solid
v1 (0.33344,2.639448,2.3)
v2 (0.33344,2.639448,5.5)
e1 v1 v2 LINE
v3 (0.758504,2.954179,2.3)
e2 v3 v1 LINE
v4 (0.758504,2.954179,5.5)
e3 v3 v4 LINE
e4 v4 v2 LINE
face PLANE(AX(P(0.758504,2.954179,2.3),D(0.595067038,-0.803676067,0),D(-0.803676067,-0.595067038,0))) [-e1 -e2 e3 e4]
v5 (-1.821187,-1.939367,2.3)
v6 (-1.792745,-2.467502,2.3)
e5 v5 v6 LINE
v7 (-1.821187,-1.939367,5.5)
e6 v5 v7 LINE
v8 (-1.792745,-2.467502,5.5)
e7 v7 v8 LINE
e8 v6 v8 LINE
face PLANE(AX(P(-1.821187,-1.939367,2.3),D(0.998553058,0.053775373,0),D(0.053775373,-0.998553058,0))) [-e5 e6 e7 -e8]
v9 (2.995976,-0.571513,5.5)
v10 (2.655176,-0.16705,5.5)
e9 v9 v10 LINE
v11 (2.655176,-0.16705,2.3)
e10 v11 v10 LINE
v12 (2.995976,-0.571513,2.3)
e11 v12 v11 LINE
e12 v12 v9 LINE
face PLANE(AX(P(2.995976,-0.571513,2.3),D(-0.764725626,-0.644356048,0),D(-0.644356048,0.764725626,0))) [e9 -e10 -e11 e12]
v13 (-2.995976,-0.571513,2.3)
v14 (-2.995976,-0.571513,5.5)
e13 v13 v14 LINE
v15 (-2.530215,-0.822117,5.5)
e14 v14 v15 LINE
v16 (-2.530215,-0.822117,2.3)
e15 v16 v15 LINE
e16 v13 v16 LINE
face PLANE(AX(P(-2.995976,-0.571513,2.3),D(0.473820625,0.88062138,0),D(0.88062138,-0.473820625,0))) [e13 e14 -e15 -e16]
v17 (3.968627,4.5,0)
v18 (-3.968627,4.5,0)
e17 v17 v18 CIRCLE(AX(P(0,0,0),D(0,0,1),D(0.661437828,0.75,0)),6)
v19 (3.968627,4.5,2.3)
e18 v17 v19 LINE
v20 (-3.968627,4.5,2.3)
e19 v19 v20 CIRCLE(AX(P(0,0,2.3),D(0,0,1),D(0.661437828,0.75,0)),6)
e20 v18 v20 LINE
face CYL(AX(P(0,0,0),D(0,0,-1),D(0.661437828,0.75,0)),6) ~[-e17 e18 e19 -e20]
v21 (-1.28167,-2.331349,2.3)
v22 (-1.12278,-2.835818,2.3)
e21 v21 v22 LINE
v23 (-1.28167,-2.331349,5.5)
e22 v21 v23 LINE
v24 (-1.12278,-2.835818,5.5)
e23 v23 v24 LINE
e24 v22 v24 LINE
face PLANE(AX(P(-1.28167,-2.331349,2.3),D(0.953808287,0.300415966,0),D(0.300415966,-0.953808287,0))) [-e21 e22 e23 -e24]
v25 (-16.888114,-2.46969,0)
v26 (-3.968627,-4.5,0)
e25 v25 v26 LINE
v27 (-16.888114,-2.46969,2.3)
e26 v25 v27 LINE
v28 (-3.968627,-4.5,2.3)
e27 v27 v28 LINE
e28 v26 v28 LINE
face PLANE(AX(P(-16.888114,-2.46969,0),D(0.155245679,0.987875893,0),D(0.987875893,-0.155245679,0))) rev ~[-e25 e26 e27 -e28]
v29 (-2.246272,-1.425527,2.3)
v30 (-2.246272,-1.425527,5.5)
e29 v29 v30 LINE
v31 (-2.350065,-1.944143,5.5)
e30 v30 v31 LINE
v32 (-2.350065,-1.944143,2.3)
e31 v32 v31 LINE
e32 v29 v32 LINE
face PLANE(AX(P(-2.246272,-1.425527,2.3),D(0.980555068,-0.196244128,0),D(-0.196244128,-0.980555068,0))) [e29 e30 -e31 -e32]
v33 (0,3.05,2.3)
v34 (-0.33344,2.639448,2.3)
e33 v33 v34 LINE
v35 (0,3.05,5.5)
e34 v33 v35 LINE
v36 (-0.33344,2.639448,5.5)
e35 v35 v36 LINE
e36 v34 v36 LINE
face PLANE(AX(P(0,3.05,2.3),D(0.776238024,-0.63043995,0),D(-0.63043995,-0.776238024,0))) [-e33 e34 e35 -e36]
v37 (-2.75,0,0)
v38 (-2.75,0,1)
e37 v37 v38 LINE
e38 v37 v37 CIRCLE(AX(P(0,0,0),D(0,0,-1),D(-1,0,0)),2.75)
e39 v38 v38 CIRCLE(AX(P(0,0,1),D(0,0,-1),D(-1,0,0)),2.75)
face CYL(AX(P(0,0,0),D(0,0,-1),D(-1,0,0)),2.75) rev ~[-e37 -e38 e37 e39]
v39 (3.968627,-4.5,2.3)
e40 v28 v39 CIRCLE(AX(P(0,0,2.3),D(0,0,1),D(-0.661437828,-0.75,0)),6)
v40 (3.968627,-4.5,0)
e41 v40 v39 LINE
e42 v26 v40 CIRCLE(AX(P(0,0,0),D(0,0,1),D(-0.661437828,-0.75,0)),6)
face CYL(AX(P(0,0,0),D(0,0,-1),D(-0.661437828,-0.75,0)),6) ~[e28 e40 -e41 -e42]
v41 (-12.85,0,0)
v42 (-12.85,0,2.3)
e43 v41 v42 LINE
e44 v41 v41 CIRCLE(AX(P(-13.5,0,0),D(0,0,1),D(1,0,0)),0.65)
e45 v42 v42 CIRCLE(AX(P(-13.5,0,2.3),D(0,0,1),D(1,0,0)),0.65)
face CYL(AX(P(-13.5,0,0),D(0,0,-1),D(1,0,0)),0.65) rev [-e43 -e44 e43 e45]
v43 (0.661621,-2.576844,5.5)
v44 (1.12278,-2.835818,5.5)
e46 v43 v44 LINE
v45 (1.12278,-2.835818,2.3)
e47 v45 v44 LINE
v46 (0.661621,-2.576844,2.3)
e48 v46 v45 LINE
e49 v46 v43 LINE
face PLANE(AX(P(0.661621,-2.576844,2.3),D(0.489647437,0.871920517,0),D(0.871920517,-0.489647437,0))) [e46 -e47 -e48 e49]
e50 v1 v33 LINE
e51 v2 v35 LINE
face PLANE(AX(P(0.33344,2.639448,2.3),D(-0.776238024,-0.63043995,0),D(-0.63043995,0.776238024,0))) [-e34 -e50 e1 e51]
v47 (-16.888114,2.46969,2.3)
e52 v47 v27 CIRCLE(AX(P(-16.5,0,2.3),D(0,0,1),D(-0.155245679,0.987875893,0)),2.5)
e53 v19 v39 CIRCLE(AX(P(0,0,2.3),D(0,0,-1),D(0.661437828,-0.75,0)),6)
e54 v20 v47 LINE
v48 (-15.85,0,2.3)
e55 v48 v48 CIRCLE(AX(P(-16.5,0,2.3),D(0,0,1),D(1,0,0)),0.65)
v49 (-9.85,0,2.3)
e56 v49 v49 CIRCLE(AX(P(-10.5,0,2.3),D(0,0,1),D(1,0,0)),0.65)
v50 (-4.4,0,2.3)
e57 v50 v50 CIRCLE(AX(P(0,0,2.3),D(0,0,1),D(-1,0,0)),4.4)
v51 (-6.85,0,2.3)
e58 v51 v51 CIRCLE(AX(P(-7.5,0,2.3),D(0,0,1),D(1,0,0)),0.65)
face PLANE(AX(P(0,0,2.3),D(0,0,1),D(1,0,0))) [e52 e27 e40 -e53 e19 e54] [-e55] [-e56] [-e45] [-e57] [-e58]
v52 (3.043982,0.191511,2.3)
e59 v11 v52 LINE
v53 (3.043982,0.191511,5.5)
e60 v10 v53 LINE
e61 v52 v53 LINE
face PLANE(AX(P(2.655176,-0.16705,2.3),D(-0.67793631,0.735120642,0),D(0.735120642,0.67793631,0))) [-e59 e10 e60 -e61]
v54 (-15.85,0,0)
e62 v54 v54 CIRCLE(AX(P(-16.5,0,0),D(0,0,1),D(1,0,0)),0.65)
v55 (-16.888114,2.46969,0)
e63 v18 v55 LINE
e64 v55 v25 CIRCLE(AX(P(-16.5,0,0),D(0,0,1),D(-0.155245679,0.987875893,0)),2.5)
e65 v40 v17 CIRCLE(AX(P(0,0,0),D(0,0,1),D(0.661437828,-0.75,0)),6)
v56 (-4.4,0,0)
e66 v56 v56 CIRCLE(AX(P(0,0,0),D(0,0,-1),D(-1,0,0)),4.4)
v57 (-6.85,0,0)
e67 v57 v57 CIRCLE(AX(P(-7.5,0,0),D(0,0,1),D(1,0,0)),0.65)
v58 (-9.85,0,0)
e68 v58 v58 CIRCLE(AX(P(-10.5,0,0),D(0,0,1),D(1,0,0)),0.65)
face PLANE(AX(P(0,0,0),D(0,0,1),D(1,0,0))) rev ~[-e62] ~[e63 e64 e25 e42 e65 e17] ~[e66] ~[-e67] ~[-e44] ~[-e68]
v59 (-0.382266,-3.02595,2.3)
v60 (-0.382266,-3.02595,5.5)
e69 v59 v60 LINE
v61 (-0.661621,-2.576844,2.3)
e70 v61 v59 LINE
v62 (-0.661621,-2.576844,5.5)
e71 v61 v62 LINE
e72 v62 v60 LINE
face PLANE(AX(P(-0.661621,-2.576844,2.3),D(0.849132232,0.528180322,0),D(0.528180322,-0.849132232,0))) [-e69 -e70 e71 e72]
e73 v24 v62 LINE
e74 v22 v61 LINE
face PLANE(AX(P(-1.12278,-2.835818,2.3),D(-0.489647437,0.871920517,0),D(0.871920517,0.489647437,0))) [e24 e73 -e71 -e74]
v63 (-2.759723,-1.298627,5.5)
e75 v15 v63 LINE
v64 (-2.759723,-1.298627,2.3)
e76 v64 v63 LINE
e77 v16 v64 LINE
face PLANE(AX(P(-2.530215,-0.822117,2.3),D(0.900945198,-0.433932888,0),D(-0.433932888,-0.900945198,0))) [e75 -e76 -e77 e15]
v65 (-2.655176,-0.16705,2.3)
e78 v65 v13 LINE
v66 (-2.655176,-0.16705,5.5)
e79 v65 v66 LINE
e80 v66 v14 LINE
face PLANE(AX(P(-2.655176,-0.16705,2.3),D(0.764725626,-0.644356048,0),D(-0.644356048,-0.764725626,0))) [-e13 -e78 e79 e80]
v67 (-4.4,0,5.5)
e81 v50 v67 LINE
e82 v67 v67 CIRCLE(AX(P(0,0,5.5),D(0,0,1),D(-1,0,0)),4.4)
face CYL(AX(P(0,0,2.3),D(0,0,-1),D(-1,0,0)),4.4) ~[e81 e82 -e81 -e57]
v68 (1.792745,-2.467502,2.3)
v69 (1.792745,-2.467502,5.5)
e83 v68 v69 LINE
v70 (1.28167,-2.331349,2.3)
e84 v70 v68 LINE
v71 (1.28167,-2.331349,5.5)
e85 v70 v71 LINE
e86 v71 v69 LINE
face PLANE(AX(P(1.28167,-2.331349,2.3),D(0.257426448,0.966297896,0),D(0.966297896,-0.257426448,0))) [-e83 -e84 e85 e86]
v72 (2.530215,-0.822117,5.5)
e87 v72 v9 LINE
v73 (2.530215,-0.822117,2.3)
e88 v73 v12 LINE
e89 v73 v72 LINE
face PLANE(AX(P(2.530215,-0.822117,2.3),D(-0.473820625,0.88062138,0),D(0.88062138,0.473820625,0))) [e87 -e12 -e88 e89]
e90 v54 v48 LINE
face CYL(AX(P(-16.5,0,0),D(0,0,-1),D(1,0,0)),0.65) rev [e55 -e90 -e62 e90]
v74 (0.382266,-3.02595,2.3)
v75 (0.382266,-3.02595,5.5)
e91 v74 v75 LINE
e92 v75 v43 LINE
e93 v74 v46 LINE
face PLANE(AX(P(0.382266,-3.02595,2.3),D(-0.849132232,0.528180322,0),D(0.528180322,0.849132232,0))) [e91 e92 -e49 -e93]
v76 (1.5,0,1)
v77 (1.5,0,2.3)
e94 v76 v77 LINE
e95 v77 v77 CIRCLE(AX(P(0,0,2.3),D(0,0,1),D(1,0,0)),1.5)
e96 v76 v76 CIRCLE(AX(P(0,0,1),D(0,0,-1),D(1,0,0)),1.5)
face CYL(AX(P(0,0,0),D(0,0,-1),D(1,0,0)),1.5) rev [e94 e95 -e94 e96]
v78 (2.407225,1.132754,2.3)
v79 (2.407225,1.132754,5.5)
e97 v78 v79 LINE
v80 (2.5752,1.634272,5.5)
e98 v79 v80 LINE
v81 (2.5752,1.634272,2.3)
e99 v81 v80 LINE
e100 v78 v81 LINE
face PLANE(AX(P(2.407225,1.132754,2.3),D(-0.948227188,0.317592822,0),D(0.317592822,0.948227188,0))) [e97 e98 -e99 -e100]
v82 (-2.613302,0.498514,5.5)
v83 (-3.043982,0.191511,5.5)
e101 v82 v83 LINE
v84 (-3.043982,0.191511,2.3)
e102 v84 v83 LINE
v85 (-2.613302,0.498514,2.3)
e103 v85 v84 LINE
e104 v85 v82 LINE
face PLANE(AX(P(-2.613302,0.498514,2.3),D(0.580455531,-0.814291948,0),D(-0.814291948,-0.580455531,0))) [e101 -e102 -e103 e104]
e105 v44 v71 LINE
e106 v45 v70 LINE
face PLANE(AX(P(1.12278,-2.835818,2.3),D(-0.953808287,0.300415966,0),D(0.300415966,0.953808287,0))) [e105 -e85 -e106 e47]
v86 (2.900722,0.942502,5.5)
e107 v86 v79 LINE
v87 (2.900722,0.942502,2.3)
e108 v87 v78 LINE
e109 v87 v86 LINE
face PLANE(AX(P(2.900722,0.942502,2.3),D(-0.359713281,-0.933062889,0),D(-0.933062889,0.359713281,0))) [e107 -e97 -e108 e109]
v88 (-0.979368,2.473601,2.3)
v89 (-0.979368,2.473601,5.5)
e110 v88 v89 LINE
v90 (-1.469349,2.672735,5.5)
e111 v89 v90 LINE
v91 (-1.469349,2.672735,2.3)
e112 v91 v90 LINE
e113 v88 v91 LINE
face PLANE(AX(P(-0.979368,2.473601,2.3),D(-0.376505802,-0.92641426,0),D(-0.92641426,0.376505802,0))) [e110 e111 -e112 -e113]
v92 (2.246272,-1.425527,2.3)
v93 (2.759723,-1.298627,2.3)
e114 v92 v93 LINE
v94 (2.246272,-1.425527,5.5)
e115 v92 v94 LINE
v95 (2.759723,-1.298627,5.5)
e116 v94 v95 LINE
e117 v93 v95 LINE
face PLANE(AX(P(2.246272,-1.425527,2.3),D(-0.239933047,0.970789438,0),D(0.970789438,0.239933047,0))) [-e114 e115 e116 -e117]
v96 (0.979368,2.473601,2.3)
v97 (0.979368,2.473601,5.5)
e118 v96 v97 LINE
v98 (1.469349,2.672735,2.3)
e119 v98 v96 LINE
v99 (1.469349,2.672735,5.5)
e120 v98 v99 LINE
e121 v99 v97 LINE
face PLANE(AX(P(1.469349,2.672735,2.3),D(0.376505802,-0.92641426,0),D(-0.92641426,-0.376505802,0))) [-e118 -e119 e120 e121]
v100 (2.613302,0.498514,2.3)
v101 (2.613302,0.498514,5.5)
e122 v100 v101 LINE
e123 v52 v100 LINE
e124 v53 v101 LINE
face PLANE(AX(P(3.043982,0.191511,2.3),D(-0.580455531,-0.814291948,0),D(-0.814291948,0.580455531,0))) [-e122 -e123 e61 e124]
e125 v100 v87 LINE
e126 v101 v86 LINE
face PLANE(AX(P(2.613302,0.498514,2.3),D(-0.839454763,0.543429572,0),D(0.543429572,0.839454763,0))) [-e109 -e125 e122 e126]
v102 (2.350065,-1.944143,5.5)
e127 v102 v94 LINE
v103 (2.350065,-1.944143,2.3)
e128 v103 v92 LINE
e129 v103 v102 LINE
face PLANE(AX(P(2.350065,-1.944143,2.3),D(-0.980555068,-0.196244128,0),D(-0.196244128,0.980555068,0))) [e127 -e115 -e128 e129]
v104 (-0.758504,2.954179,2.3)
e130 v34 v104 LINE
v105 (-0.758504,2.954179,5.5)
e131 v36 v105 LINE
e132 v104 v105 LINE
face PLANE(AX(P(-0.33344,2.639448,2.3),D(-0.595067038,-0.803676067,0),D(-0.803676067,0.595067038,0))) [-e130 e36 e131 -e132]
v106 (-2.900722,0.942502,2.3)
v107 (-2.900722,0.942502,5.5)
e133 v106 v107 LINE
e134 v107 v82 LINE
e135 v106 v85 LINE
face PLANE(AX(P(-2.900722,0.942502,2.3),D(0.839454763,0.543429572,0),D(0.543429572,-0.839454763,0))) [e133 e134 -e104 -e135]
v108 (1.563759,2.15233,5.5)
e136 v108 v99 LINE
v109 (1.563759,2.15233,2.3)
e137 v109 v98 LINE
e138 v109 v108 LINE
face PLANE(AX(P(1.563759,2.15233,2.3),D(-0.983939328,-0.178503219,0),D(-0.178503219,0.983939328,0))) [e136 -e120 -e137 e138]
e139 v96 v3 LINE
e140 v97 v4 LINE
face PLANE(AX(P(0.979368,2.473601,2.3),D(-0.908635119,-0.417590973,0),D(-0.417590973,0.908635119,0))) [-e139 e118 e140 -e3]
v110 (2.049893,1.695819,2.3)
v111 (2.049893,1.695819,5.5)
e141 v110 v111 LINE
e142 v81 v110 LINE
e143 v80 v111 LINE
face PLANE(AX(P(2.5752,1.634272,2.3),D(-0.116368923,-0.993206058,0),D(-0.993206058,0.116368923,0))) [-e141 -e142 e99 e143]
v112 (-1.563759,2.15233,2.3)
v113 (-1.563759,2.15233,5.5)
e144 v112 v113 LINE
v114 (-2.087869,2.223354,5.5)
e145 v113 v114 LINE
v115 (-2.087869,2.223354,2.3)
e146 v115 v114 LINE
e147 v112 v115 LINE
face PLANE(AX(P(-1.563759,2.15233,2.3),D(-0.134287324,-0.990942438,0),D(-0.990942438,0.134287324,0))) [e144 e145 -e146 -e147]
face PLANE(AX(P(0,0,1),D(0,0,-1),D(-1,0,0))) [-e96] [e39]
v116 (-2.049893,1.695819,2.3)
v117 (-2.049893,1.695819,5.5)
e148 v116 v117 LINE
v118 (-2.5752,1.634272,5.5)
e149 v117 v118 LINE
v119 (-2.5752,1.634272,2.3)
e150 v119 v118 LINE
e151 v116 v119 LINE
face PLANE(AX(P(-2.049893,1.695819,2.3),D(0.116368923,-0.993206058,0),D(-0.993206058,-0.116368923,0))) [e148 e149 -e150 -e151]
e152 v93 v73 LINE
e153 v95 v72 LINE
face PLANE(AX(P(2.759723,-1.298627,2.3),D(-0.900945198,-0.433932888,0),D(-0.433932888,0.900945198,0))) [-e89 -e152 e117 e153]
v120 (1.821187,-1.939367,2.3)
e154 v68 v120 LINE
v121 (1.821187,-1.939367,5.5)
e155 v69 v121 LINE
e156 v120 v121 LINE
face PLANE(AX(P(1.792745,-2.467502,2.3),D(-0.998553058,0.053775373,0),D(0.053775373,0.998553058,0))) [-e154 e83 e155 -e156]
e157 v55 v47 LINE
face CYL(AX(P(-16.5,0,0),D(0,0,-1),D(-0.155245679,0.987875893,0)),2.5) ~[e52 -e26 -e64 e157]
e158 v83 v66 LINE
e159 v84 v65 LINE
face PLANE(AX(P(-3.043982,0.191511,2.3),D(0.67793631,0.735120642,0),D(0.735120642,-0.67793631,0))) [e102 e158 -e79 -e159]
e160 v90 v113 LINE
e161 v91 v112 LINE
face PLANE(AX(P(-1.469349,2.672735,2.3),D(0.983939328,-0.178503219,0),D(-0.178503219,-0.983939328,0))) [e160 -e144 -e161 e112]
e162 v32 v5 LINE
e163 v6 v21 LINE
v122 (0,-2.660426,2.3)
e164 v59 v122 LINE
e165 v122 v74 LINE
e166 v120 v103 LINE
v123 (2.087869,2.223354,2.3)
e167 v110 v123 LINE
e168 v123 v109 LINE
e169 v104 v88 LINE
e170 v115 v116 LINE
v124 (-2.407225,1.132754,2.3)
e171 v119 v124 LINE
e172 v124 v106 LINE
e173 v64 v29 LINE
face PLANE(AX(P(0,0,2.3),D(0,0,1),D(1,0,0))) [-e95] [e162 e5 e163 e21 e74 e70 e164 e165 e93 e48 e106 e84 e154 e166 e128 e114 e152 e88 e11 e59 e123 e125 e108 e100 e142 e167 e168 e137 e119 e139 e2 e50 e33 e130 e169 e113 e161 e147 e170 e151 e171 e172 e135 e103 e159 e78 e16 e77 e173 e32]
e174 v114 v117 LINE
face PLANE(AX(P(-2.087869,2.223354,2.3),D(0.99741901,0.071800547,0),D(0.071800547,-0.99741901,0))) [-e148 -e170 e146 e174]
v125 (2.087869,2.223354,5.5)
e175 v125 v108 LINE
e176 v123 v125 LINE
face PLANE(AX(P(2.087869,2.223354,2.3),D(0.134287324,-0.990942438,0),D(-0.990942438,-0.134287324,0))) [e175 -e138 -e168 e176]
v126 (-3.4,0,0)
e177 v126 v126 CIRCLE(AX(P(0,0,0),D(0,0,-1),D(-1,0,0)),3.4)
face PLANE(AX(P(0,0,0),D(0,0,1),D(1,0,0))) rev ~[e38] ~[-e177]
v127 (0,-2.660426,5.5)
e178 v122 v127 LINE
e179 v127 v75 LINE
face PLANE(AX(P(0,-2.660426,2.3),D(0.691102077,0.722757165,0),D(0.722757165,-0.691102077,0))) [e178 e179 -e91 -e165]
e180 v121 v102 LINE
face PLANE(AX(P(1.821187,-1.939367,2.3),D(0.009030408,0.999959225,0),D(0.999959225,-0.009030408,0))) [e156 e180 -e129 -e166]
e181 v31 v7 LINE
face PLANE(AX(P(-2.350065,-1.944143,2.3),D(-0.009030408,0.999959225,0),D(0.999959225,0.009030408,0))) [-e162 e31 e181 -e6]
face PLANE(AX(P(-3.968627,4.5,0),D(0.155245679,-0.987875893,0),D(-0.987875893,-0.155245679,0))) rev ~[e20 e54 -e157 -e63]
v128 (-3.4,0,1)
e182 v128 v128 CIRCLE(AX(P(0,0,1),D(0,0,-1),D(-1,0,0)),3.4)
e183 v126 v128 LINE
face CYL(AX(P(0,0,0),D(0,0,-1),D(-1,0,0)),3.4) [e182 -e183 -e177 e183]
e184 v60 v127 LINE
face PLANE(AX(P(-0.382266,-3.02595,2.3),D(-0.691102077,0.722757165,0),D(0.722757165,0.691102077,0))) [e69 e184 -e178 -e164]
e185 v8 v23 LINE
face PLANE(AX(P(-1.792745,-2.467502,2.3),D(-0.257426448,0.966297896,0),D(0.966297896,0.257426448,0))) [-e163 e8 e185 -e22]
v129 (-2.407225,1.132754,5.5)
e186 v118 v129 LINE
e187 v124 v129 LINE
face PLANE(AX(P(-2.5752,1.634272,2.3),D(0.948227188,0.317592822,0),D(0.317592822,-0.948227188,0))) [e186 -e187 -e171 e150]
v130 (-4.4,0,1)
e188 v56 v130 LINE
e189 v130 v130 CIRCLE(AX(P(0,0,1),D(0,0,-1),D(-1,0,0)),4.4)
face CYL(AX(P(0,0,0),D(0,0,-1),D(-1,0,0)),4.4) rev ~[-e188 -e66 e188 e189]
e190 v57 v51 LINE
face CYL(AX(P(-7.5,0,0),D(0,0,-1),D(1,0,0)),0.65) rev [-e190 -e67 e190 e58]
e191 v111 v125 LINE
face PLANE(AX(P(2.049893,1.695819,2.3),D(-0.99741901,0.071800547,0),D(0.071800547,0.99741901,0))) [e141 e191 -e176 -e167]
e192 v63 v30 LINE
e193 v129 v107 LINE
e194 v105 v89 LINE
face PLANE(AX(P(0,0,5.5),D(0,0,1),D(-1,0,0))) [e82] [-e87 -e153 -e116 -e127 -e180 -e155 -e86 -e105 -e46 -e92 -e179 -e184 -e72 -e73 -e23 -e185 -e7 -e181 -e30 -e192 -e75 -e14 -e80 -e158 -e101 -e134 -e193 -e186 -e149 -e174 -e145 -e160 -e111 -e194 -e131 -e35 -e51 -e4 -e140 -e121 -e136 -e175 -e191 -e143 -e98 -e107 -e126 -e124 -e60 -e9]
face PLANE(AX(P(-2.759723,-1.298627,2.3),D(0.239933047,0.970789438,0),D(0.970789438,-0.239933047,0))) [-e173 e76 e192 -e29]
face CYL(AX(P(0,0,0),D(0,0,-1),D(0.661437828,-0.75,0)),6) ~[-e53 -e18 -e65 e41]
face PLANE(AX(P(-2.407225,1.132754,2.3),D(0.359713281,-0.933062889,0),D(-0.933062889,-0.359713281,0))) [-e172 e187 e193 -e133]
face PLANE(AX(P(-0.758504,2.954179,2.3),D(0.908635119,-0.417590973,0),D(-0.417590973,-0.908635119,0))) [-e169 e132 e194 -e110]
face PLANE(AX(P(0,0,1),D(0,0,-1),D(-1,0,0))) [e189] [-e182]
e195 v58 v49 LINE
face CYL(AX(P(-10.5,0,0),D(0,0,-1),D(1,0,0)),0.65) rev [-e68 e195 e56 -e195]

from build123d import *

# Parameters (mm, degrees)
SKETCH_1_R          = 0.65
SKETCH_1_R_2        = 1.5
EXTRUDE_1_DEPTH     = 2.3
SKETCH_2_R          = 4.4
EXTRUDE_2_DEPTH     = 3.2
SKETCH_3_R          = 4.4
SKETCH_3_R_2        = 3.4
SKETCH_3_R_3        = 2.75
SKETCH_3_R_4        = 1.5
CUT_EXTRUDE_1_DEPTH = 1
CUT_EXTRUDE1_REACH  = 22.67


with BuildPart() as part:
    # Эскиз1 → Бобышка-Вытянуть1 (new body)
    with BuildSketch(Plane.XY):
        with BuildLine():
            Line((-3.968626967, 4.5), (-16.888114198, 2.469689731))
            ThreePointArc((-16.888114198, 2.469689731), (-19, 0), (-16.888114198, -2.469689731))
            Line((-16.888114198, -2.469689731), (-3.968626967, -4.5))
            ThreePointArc((-3.968626967, -4.5), (0, -6), (3.968626967, -4.5))
            Line((3.968626967, -4.5), (16.888114198, -2.469689731))
            ThreePointArc((16.888114198, -2.469689731), (19, 0), (16.888114198, 2.469689731))
            Line((16.888114198, 2.469689731), (3.968626967, 4.5))
            ThreePointArc((3.968626967, 4.5), (0, 6), (-3.968626967, 4.5))
        make_face()
        with Locations((-16.5, 0)):
            Circle(SKETCH_1_R, mode=Mode.SUBTRACT)
        with Locations((-13.5, 0)):
            Circle(SKETCH_1_R, mode=Mode.SUBTRACT)
        with Locations((-10.5, 0)):
            Circle(SKETCH_1_R, mode=Mode.SUBTRACT)
        with Locations((-7.5, 0)):
            Circle(SKETCH_1_R, mode=Mode.SUBTRACT)
        with Locations(Location((16.5, 0, 0), (0, 0, 180))):
            Circle(SKETCH_1_R, mode=Mode.SUBTRACT)
        with Locations(Location((7.5, 0, 0), (0, 0, 180))):
            Circle(SKETCH_1_R, mode=Mode.SUBTRACT)
        with Locations(Location((10.5, 0, 0), (0, 0, 180))):
            Circle(SKETCH_1_R, mode=Mode.SUBTRACT)
        with Locations(Location((13.5, 0, 0), (0, 0, 180))):
            Circle(SKETCH_1_R, mode=Mode.SUBTRACT)
        Circle(SKETCH_1_R_2, mode=Mode.SUBTRACT)
    extrude(amount=EXTRUDE_1_DEPTH)

    # Эскиз2 → Бобышка-Вытянуть2 (add)
    with BuildSketch(Plane.XY.offset(2.3)):
        with Locations(Location((0, 0, 0), (0, 0, 180))):
            Circle(SKETCH_2_R)
        Polygon((0.333439775, 2.639447604), (0, 3.05), (-0.333439775, 2.639447604), (-0.758504156, 2.954178641), (-0.979368078, 2.473601404), (-1.469348706, 2.672735374), (-1.563759083, 2.15232973), (-2.087868673, 2.223354314), (-2.049893354, 1.695819264), (-2.575200173, 1.634271725), (-2.407225286, 1.132754236), (-2.900722375, 0.942501833), (-2.6133024, 0.498514094), (-3.043981522, 0.191511085), (-2.655176114, -0.167049522), (-2.995976115, -0.571513009), (-2.530215347, -0.822116802), (-2.75972251, -1.298626839), (-2.246271844, -1.42552746), (-2.35006539, -1.944143169), (-1.821186821, -1.939366985), (-1.792745019, -2.467501833), (-1.281669931, -2.33134895), (-1.122779886, -2.835818282), (-0.661621006, -2.576843686), (-0.382266362, -3.025949839), (0, -2.660425857), (0.382266362, -3.025949839), (0.661621006, -2.576843686), (1.122779886, -2.835818282), (1.281669931, -2.33134895), (1.792745019, -2.467501833), (1.821186821, -1.939366985), (2.35006539, -1.944143169), (2.246271844, -1.42552746), (2.75972251, -1.298626839), (2.530215347, -0.822116802), (2.995976115, -0.571513009), (2.655176114, -0.167049522), (3.043981522, 0.191511085), (2.6133024, 0.498514094), (2.900722375, 0.942501833), (2.407225286, 1.132754236), (2.575200173, 1.634271725), (2.049893354, 1.695819264), (2.087868673, 2.223354314), (1.563759083, 2.15232973), (1.469348706, 2.672735374), (0.979368078, 2.473601404), (0.758504156, 2.954178641), align=None, mode=Mode.SUBTRACT)
    extrude(amount=EXTRUDE_2_DEPTH)

    # Эскиз3 → Вырез-Вытянуть1 (cut)
    # profile 1 of 2: a face of its own
    with BuildSketch(Plane(origin=(0, 0, 0), x_dir=(-1, 0, 0), z_dir=(0, 0, -1))):
        Circle(SKETCH_3_R)
        Circle(SKETCH_3_R_2, mode=Mode.SUBTRACT)
    # profile 2 of 2: a face of its own
    with BuildSketch(Plane(origin=(0, 0, 0), x_dir=(-1, 0, 0), z_dir=(0, 0, -1))):
        Circle(SKETCH_3_R_3)
        Circle(SKETCH_3_R_4, mode=Mode.SUBTRACT)
    extrude(amount=-CUT_EXTRUDE_1_DEPTH, mode=Mode.SUBTRACT)

    # Sketch1 → Cut-Extrude1 (cut, up to next)
    with BuildSketch(Plane(origin=(0, 0, 0), x_dir=(-1, 0, 0), z_dir=(0, 0, -1)), mode=Mode.PRIVATE) as cut_extrude1_sk1:
        with BuildLine():
            Line((-3.968626967, 4.5), (-16.888114198, 2.469689731))
            ThreePointArc((-16.888114198, 2.469689731), (-19, 0), (-16.888114198, -2.469689731))
            Line((-16.888114198, -2.469689731), (-3.968626967, -4.5))
            ThreePointArc((-3.968626967, -4.5), (-6, 0), (-3.968626967, 4.5))
        make_face()
    cut_extrude1_tool1 = extrude(cut_extrude1_sk1.sketch, amount=-CUT_EXTRUDE1_REACH, mode=Mode.PRIVATE) & part.part
    add(cut_extrude1_tool1.solids().sort_by_distance((11.282562, 0, 0))[0], mode=Mode.SUBTRACT)


solid = part.part
